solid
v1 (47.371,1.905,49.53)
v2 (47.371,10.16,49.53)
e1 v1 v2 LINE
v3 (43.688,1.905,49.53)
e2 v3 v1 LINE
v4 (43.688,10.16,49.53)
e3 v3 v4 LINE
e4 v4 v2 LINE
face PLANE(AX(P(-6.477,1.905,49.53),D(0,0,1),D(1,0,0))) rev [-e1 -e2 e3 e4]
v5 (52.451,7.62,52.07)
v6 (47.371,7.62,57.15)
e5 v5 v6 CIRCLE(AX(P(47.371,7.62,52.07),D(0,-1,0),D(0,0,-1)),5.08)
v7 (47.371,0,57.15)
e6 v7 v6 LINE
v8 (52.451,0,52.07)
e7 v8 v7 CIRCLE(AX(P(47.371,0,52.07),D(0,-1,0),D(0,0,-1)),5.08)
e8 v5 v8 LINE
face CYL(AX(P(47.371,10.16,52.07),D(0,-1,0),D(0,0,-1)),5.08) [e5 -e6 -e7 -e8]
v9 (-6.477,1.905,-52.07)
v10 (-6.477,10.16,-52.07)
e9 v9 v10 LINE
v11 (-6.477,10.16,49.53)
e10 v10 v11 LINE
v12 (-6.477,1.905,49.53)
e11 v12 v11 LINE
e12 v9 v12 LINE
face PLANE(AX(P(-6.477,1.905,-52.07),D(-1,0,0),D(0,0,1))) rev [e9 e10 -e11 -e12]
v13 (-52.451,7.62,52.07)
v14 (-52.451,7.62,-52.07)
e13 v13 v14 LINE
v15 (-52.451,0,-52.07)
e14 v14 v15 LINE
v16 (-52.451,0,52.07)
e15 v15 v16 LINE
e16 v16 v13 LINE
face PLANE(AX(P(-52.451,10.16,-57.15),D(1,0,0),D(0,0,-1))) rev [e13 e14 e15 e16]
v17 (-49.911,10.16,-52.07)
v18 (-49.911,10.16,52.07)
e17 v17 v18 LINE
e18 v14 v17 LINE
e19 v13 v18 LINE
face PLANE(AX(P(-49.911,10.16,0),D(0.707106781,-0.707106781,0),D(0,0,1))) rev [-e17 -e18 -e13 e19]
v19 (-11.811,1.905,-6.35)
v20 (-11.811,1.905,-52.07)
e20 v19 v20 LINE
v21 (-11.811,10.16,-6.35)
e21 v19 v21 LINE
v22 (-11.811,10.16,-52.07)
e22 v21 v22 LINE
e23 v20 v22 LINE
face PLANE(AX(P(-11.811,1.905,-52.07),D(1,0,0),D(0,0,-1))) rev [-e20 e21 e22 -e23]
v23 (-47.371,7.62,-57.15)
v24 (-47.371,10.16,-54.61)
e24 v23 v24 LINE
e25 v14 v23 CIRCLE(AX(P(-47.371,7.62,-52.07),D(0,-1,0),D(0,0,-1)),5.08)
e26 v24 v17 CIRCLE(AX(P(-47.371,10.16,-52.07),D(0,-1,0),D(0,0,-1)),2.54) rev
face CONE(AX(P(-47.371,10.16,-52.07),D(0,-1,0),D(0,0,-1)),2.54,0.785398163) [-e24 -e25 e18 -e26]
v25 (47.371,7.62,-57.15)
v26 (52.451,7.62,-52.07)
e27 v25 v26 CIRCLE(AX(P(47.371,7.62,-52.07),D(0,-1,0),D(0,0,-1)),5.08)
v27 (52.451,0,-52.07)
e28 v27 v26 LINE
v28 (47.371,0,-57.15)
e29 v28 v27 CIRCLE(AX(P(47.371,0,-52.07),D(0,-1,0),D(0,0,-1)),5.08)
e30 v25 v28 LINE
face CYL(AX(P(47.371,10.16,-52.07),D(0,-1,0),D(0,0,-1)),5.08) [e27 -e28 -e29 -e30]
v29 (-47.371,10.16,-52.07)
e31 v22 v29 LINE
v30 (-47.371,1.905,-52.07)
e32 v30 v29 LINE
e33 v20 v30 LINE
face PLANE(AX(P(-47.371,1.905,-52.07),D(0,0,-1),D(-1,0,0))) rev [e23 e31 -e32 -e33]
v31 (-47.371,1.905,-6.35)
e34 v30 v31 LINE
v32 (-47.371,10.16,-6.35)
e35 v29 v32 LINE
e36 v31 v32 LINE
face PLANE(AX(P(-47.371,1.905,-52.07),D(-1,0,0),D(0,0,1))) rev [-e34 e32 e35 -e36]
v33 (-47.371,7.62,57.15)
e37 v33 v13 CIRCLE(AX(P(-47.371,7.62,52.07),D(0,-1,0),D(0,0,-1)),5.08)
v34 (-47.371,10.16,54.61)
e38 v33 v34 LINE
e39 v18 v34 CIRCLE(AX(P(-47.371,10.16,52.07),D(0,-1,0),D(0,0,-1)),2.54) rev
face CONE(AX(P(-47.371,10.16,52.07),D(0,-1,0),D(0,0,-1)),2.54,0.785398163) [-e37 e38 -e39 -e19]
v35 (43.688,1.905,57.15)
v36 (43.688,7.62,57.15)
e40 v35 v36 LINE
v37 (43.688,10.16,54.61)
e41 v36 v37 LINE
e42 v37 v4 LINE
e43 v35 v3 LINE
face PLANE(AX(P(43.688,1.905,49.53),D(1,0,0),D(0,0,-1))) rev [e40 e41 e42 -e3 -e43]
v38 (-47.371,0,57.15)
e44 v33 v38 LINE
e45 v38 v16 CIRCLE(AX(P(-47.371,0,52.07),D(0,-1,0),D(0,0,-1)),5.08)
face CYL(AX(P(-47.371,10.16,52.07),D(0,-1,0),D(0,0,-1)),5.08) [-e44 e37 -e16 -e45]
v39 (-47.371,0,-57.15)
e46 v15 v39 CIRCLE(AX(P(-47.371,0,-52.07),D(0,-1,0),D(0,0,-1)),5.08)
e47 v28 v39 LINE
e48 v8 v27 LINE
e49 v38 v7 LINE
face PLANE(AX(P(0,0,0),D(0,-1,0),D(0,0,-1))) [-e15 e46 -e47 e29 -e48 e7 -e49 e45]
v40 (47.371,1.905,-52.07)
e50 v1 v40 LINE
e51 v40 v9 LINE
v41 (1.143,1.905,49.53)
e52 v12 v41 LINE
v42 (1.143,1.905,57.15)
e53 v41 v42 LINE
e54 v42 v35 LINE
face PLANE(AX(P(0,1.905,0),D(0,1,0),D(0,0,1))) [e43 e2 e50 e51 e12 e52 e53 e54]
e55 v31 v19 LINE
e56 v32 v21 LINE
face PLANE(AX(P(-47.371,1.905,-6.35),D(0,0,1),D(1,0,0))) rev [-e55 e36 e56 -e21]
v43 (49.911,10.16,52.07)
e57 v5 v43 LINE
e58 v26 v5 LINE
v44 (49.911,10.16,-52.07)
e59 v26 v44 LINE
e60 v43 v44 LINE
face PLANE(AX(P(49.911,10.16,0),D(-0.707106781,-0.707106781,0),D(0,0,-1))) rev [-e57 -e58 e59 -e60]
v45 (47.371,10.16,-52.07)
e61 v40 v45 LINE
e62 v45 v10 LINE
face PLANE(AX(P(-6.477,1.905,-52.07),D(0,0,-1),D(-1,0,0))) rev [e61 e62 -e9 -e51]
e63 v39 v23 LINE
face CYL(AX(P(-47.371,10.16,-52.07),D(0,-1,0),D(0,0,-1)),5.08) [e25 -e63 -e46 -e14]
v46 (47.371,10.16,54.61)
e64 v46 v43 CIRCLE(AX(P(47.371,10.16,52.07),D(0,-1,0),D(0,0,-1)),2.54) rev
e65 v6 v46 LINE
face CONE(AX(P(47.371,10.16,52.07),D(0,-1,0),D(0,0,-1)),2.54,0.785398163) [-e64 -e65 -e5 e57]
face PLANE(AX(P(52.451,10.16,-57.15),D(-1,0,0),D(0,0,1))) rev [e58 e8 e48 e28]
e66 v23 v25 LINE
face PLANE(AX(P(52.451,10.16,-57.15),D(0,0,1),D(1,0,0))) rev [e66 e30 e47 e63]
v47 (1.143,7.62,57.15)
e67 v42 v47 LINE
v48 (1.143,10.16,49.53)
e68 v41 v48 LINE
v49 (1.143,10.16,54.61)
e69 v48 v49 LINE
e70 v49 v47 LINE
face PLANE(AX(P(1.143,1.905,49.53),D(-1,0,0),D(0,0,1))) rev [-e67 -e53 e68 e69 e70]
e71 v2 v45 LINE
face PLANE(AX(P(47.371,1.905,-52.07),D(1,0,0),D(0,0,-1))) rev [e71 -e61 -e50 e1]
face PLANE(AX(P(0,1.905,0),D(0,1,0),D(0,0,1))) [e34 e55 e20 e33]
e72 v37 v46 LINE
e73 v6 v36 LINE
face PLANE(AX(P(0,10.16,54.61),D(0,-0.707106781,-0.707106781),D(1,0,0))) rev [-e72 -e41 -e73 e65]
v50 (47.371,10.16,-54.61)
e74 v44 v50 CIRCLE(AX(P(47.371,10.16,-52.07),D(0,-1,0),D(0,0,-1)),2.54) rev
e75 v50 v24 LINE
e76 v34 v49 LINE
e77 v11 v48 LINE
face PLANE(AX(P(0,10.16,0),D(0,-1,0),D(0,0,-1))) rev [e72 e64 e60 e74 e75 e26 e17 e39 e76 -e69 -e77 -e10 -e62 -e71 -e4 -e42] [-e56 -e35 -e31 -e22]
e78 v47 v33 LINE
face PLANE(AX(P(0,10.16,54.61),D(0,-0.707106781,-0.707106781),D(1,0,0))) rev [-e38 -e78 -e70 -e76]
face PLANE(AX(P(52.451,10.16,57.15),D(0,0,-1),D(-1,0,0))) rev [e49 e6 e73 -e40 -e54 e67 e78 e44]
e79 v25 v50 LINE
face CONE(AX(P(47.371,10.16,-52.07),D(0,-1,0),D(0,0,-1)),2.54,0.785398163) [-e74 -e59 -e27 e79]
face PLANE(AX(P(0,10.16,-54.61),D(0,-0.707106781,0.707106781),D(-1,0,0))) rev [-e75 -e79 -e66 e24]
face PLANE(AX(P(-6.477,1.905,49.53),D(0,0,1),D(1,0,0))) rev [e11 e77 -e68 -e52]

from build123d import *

# Parameters (mm, degrees)
SKETCH1_W           = 104.902
SKETCH1_H           = 114.3
BOSS_EXTRUDE1_DEPTH = 10.16
SKETCH2_W           = 35.56
SKETCH2_H           = 45.72
CUT_EXTRUDE1_DEPTH  = 8.255
SKETCH3_W           = 53.848
SKETCH3_H           = 101.6
CUT_EXTRUDE2_DEPTH  = 8.255
CUT_EXTRUDE3_DEPTH  = 8.255
FILLET1_R           = 5.08
CHAMFER1_SIZE       = 2.54


with BuildPart() as part:
    # Sketch1 → Boss-Extrude1 (new body)
    with BuildSketch(Plane(origin=(0, 0, 0), x_dir=(1, 0, 0), z_dir=(0, 1, 0))):
        Rectangle(SKETCH1_W, SKETCH1_H)
    extrude(amount=BOSS_EXTRUDE1_DEPTH)

    # Sketch2 → Cut-Extrude1 (cut)
    with BuildSketch(Plane(origin=(0, 10.16, 0), x_dir=(1, 0, 0), z_dir=(0, 1, 0))):
        with Locations((-29.591, 29.21)):
            Rectangle(SKETCH2_W, SKETCH2_H)
    extrude(amount=-CUT_EXTRUDE1_DEPTH, mode=Mode.SUBTRACT)

    # Sketch3 → Cut-Extrude2 (cut)
    with BuildSketch(Plane(origin=(0, 10.16, 0), x_dir=(1, 0, 0), z_dir=(0, 1, 0))):
        with Locations((20.447, 1.27)):
            Rectangle(SKETCH3_W, SKETCH3_H)
    extrude(amount=-CUT_EXTRUDE2_DEPTH, mode=Mode.SUBTRACT)

    # Sketch4 → Cut-Extrude3 (cut)
    with BuildSketch(Plane(origin=(0, 10.16, 0), x_dir=(1, 0, 0), z_dir=(0, 1, 0))):
        Polygon((1.143, -49.53), (13.843, -49.53), (33.528, -49.53), (43.688, -49.53), (43.688, -57.15), (33.528, -57.15), (15.4686, -57.15), (1.143, -57.15), align=None)
    extrude(amount=-CUT_EXTRUDE3_DEPTH, mode=Mode.SUBTRACT)

    # Fillet1
    fillet1_edges = [part.edges().sort_by_distance(p)[0] for p in [
        (-52.451, 5.08, -57.15),
        (52.451, 5.08, -57.15),
        (52.451, 5.08, 57.15),
        (-52.451, 5.08, 57.15),
    ]]
    fillet(fillet1_edges, radius=FILLET1_R)

    # Chamfer1
    chamfer1_edges = [part.edges().sort_by_distance(p)[0] for p in [
        (45.5295, 10.16, 57.15),
        (52.451, 10.16, 0),
        (-23.114, 10.16, 57.15),
        (0, 10.16, -57.15),
        (-52.451, 10.16, 0),
        (50.963102448, 10.16, -55.662102448),
        (-50.963102448, 10.16, -55.662102448),
        (-50.963102448, 10.16, 55.662102448),
        (50.963102448, 10.16, 55.662102448),
    ]]
    chamfer(chamfer1_edges, length=CHAMFER1_SIZE)


solid = part.part
